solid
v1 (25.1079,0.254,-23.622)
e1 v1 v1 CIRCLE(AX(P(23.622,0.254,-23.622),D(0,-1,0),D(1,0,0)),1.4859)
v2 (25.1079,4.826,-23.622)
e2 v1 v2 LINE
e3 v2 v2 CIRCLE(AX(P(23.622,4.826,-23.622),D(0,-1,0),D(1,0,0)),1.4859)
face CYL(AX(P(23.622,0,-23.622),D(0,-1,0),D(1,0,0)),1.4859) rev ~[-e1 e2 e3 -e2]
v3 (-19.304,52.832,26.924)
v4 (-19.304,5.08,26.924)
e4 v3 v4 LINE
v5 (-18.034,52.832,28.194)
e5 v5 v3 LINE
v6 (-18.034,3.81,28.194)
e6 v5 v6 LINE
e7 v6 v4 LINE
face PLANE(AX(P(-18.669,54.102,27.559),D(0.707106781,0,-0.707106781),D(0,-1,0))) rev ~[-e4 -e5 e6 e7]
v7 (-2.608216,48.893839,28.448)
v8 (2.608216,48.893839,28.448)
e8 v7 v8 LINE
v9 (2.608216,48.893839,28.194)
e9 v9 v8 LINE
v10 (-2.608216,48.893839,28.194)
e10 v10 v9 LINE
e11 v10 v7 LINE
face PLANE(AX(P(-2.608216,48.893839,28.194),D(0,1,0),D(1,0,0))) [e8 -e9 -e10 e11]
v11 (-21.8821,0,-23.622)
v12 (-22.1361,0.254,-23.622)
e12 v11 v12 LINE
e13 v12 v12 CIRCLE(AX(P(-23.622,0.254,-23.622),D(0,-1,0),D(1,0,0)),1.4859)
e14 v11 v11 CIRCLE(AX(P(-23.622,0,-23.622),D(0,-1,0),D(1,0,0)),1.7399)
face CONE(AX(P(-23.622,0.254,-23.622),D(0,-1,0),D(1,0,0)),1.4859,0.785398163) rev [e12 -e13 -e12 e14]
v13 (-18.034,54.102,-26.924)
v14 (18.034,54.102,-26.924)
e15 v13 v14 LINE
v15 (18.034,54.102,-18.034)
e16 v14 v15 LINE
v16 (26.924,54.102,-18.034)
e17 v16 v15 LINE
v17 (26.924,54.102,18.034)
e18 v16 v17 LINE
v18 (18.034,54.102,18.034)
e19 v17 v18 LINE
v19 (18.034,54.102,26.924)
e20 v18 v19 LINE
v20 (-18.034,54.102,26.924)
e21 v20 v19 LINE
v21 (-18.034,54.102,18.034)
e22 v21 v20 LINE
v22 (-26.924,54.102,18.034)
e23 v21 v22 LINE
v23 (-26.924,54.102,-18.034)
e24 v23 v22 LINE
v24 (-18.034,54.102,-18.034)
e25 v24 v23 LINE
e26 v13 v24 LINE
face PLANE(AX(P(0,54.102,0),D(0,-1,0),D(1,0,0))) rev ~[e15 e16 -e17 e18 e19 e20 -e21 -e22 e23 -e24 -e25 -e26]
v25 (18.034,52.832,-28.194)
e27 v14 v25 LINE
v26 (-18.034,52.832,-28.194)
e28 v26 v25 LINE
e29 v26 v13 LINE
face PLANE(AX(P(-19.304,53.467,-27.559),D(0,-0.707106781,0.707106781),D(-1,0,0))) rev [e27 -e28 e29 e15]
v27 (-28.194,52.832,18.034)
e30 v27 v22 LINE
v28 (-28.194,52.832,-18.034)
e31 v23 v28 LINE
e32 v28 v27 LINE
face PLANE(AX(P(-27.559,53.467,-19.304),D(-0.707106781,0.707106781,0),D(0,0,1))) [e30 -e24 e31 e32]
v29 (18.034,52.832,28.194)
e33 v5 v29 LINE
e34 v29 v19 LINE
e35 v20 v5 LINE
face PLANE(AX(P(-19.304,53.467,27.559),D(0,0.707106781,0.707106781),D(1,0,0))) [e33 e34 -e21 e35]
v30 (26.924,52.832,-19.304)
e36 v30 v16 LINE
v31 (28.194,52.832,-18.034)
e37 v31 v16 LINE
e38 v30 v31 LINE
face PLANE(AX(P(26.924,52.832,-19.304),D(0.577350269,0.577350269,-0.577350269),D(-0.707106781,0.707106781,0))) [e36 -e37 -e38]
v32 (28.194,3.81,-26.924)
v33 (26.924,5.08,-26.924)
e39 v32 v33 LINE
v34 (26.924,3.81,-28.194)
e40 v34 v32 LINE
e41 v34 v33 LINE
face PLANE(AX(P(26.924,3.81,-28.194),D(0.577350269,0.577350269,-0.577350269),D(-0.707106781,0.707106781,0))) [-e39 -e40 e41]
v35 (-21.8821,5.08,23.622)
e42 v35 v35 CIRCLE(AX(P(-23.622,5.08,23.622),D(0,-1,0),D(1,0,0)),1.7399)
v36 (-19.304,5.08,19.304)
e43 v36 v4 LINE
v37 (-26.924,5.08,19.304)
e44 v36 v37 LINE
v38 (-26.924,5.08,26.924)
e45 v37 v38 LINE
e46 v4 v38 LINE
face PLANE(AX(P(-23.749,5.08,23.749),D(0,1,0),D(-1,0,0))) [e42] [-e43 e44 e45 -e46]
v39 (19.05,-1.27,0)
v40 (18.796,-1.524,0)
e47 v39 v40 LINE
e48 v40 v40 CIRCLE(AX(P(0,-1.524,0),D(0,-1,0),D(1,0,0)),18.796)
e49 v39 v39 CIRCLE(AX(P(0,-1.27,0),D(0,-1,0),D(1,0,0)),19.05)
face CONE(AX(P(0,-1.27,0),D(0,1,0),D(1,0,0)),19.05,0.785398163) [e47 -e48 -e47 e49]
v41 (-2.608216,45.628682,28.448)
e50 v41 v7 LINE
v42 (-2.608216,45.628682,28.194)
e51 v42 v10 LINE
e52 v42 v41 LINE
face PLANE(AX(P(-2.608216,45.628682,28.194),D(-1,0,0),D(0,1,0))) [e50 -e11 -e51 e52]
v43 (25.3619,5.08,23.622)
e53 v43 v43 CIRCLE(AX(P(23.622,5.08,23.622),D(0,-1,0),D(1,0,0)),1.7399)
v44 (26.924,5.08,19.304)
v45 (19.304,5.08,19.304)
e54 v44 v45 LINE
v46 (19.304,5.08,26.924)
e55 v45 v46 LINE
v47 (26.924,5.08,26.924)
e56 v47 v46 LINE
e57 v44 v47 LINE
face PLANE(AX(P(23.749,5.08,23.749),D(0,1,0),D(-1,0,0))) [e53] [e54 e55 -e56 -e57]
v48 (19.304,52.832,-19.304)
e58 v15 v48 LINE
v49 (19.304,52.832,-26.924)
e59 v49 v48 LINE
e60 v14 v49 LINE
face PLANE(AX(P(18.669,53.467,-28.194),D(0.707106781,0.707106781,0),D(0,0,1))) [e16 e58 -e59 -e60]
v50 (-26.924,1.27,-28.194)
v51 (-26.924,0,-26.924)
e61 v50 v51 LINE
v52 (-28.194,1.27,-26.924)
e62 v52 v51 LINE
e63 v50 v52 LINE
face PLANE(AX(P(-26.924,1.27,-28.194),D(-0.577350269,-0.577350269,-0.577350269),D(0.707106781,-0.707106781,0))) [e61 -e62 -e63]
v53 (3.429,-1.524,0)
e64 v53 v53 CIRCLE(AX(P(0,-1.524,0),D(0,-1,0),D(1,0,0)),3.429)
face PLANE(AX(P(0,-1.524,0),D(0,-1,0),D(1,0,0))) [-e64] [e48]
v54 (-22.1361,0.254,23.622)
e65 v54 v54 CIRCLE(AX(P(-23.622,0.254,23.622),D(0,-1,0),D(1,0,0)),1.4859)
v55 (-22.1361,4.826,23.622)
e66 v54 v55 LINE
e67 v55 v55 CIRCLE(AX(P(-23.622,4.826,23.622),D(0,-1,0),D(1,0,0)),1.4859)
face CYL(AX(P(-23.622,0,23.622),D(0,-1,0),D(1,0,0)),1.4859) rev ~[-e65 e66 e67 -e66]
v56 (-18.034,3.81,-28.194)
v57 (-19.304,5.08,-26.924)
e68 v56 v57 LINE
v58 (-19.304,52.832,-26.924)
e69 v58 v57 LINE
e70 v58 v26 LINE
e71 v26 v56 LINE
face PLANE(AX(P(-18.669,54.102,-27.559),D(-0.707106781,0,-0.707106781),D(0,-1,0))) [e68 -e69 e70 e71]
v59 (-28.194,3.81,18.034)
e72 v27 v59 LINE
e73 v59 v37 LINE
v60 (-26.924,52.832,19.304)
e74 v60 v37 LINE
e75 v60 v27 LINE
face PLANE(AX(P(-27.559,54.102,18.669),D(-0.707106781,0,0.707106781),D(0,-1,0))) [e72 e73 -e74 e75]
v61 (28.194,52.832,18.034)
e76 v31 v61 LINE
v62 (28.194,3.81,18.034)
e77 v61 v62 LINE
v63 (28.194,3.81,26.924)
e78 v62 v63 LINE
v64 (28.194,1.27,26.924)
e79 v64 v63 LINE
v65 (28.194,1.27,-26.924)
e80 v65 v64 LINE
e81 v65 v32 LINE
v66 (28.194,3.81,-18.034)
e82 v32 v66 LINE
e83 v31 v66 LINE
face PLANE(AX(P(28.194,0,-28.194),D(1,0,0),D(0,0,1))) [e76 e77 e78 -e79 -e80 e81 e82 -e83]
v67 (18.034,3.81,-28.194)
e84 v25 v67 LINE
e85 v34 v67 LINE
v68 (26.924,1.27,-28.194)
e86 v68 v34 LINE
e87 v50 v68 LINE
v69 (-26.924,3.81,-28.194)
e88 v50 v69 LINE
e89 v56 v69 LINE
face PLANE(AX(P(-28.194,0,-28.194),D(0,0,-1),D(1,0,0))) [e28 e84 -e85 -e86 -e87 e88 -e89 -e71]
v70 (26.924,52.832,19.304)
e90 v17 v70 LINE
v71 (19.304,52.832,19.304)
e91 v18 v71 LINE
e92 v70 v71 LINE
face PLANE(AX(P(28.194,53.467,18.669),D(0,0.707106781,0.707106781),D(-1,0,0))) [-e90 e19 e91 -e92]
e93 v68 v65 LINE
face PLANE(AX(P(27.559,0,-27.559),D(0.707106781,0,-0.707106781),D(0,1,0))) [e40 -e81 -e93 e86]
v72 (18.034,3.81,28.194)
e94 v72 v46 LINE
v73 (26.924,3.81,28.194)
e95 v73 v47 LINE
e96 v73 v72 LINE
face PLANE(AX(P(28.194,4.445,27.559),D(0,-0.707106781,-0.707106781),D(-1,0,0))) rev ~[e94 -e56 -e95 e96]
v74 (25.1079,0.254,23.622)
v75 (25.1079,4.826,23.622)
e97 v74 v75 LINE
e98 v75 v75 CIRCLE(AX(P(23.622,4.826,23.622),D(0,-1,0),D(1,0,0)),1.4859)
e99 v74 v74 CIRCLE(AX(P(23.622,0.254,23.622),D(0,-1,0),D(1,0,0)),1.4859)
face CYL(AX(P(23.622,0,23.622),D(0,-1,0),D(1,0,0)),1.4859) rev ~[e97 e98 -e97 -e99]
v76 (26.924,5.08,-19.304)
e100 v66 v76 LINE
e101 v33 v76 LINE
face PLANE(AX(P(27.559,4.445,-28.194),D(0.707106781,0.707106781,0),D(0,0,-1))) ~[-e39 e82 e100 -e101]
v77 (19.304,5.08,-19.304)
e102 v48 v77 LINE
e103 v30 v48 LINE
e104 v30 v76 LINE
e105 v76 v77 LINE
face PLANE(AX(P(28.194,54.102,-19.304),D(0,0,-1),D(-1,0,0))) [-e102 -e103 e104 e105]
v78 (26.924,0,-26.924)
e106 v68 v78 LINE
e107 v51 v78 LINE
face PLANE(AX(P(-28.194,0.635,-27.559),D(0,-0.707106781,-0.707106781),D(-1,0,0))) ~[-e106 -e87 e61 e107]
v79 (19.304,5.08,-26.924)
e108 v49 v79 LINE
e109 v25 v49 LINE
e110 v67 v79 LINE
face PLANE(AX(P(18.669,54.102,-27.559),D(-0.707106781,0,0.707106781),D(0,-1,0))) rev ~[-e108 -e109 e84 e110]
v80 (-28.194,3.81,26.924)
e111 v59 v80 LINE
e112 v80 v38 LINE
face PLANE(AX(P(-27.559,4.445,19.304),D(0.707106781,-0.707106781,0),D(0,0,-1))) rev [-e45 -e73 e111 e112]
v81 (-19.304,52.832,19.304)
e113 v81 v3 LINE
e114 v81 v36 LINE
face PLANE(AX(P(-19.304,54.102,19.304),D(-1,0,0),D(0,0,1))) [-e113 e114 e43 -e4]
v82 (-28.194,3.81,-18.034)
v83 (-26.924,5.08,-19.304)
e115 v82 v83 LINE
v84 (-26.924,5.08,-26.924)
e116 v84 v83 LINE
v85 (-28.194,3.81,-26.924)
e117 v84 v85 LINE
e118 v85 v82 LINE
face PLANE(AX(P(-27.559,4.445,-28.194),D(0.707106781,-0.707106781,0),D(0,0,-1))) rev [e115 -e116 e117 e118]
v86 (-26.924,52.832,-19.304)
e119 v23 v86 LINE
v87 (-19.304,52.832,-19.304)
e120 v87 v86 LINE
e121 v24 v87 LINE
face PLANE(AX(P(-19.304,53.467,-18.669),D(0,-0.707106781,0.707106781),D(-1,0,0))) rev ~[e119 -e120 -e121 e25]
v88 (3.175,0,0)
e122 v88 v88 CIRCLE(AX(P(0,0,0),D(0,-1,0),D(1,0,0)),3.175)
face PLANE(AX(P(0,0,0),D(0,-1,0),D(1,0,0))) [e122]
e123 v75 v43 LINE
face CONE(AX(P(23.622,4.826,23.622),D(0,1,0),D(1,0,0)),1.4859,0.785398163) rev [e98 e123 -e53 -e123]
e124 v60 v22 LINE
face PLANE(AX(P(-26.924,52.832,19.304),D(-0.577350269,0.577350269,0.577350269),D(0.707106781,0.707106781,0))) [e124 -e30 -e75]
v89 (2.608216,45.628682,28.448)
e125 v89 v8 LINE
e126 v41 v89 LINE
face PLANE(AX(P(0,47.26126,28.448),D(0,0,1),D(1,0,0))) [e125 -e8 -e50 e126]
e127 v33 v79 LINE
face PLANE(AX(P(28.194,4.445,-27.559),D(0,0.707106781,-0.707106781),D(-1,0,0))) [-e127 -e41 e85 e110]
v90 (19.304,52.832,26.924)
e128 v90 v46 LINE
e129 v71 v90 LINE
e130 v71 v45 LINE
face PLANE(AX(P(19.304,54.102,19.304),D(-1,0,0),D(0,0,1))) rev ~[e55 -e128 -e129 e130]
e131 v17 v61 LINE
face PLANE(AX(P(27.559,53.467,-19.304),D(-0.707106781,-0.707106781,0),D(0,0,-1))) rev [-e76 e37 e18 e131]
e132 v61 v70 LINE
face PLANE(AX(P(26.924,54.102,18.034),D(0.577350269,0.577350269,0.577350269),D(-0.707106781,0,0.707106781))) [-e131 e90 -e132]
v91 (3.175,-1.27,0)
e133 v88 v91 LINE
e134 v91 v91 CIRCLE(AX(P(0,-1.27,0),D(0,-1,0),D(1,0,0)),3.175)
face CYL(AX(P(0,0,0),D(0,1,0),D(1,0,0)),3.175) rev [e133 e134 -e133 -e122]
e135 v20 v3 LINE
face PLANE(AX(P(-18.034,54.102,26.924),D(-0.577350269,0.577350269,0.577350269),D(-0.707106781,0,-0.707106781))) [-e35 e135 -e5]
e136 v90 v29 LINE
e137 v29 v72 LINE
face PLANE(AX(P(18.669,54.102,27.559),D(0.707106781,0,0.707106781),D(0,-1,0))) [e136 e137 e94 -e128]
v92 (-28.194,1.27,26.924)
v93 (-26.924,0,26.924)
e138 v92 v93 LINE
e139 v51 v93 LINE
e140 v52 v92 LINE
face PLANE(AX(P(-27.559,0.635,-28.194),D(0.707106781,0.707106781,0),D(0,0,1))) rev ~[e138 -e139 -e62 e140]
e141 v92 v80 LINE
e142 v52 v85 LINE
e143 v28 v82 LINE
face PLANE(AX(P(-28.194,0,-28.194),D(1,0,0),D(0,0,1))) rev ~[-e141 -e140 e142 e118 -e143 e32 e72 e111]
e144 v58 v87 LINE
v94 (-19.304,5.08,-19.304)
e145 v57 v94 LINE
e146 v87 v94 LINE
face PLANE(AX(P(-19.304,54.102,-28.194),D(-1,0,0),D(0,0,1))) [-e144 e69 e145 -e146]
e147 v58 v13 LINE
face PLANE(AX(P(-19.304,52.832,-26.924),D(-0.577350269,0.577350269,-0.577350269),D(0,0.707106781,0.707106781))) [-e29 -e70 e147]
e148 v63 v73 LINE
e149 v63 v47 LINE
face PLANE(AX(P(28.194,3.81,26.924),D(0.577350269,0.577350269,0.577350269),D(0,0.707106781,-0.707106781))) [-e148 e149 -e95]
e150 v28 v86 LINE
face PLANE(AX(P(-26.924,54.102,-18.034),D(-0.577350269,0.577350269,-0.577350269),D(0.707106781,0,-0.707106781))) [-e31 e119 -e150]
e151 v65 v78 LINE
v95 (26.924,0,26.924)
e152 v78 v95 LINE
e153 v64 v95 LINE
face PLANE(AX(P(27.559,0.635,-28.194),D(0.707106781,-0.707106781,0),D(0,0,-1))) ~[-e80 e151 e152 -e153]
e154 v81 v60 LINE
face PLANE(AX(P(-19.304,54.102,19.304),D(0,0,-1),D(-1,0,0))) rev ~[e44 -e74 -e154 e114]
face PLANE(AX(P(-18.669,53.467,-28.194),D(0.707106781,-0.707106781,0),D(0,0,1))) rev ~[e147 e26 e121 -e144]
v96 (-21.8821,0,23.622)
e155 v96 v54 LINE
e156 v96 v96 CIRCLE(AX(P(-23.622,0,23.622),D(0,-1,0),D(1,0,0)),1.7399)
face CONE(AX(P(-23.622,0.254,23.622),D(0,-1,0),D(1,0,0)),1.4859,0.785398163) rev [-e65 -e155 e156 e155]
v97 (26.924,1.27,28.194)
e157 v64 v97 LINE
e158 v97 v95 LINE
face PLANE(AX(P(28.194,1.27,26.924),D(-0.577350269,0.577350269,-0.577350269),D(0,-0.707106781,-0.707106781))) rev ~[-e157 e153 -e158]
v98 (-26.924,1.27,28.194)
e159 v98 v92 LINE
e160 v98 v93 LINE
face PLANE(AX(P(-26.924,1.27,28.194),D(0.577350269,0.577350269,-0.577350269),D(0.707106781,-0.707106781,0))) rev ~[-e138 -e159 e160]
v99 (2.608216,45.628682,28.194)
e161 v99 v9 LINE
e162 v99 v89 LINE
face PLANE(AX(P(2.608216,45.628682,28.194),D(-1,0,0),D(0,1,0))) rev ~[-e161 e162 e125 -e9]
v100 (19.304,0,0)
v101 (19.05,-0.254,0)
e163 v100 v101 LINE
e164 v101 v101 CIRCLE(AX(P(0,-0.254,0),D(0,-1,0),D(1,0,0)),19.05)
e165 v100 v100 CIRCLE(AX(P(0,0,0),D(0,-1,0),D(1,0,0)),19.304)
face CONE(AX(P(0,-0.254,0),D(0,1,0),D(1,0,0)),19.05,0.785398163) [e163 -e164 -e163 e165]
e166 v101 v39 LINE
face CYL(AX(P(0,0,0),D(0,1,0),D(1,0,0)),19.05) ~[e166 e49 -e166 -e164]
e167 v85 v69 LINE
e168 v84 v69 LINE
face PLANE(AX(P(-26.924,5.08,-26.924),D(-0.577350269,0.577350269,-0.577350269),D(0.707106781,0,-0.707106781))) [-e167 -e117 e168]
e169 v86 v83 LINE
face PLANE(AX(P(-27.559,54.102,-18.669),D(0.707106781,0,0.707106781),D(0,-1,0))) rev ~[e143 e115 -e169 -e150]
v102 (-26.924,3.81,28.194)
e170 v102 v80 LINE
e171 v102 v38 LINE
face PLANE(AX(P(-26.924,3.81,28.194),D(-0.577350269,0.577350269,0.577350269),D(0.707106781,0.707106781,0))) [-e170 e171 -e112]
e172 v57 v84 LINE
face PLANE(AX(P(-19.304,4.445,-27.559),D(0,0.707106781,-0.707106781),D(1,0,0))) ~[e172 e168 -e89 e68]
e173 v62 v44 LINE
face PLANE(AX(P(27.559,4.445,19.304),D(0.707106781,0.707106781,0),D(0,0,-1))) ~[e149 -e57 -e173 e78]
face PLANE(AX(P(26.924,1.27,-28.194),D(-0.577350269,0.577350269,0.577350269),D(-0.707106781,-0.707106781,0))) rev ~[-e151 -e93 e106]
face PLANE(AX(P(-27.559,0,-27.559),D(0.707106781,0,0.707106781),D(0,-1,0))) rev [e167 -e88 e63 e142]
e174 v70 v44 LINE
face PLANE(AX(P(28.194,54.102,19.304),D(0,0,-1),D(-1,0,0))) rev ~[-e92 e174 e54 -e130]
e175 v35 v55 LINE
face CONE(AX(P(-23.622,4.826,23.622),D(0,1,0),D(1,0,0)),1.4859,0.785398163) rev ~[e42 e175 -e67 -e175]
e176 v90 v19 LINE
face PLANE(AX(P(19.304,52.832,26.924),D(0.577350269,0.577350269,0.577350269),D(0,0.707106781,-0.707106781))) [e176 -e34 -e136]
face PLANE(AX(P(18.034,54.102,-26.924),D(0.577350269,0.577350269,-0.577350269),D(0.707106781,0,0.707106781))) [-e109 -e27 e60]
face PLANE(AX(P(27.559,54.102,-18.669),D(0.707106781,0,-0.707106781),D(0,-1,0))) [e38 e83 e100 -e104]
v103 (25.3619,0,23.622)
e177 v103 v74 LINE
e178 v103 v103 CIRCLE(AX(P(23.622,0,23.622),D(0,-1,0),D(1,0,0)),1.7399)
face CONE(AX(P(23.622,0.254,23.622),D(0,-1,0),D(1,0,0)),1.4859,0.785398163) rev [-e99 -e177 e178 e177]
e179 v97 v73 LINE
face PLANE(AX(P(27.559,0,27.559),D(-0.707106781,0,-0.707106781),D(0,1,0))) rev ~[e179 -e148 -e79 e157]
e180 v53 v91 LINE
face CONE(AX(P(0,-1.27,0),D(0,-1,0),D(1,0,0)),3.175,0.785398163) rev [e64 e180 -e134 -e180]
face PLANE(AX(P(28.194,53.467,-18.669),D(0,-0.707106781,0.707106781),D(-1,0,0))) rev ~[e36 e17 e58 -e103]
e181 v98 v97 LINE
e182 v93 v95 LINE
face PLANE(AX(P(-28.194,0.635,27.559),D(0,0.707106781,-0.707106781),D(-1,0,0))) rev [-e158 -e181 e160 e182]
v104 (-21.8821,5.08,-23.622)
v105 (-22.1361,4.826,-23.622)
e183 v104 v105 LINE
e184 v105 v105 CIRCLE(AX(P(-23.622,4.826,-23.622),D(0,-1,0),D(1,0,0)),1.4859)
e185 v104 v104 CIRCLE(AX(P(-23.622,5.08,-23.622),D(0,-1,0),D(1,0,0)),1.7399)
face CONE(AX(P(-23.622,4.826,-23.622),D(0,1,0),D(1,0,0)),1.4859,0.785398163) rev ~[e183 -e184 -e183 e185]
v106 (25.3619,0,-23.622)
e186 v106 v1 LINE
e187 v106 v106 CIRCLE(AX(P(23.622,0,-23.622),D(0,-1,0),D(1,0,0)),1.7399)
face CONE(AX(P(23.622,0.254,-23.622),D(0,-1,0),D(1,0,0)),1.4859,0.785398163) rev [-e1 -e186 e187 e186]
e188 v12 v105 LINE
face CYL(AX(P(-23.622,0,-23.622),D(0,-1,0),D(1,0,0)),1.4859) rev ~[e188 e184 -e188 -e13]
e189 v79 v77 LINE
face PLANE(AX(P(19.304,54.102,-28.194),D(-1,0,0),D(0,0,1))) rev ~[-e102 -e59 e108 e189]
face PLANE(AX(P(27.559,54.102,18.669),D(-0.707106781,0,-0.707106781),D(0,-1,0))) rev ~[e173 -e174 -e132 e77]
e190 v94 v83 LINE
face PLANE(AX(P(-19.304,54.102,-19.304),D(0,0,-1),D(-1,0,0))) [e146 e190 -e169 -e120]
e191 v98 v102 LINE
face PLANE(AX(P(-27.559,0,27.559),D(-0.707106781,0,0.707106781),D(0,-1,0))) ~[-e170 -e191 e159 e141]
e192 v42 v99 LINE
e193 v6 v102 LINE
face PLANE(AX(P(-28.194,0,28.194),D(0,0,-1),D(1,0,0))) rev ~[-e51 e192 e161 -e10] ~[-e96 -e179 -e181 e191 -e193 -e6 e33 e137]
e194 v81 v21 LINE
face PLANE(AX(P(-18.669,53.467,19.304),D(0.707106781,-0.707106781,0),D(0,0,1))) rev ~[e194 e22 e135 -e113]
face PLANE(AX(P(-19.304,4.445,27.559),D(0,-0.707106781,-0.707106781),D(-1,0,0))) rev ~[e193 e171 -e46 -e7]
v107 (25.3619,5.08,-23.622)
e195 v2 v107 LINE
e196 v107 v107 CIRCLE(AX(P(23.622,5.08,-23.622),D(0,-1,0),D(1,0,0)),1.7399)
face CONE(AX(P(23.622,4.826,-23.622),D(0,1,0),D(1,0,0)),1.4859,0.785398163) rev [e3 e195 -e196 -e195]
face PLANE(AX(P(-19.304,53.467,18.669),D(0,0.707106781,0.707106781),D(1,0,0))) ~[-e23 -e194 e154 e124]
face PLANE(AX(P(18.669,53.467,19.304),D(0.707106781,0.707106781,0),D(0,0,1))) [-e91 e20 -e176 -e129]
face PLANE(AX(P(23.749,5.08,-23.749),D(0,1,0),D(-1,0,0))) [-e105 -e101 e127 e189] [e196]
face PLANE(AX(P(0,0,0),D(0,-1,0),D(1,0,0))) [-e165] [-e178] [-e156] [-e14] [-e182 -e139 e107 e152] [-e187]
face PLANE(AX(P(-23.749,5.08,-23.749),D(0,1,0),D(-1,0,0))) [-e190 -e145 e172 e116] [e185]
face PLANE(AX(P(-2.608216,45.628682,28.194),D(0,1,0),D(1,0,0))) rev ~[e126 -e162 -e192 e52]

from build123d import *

# Parameters (mm, degrees)
F0_W      = 56.388
F0_H      = 56.388
F0_R      = 1.4859
F0_R_2    = 19.05
F0_R_3    = 3.175
F1_DEPTH  = 54.102
F2_DEPTH  = 1.524
F3_DEPTH  = 20.32
F5_DEPTH  = 12.7
F6_W      = 8.89
F6_H      = 8.89
F7_DEPTH  = 49.022
F8_SIZE   = 1.27
F9_SIZE   = 0.254
F9_2_SIZE = 0.254
F10_W     = 5.2164322697
F10_H     = 3.265157342
F11_DEPTH = 0.254


with BuildPart() as f1:
    # F0 (on Front) → F1 (new body)
    with BuildSketch(Plane.XZ):
        Rectangle(F0_W, F0_H)
        with Locations((-23.622, -23.622)):
            Circle(F0_R, mode=Mode.SUBTRACT)
        with Locations((23.622, -23.622)):
            Circle(F0_R, mode=Mode.SUBTRACT)
        with Locations((-23.622, 23.622)):
            Circle(F0_R, mode=Mode.SUBTRACT)
        Circle(F0_R_2, mode=Mode.SUBTRACT)
        with Locations((23.622, 23.622)):
            Circle(F0_R, mode=Mode.SUBTRACT)
        Circle(F0_R_2)
        Circle(F0_R_3, mode=Mode.SUBTRACT)
        Circle(F0_R_3)
    extrude(amount=-F1_DEPTH)

    # F0 (on Front) → F2 (join)
    with BuildSketch(Plane.XZ):
        Circle(F0_R_2)
        Circle(F0_R_3, mode=Mode.SUBTRACT)
    extrude(amount=F2_DEPTH)

    # F6 (on face) → F7 (cut)
    with BuildSketch(Plane(origin=(0, 54.102, 0), x_dir=(-1, 0, 0), z_dir=(0, 1, 0))):
        with Locations((-23.749, 23.749)):
            Rectangle(F6_W, F6_H)
        with Locations((23.749, 23.749)):
            Rectangle(F6_W, F6_H)
        with Locations((23.749, -23.749)):
            Rectangle(F6_W, F6_H)
        with Locations((-23.749, -23.749)):
            Rectangle(F6_W, F6_H)
    extrude(amount=-F7_DEPTH, mode=Mode.SUBTRACT)

    # F8
    f8_edges = [f1.edges().sort_by_distance(p)[0] for p in [
        (-28.194, 0, 0),
        (-28.194, 2.54, -28.194),
        (-28.194, 5.08, -23.749),
        (-28.194, 29.591, -19.304),
        (-28.194, 54.102, 0),
        (-28.194, 29.591, 19.304),
        (-28.194, 5.08, 23.749),
        (-28.194, 2.54, 28.194),
        (0, 0, 28.194),
        (-23.749, 5.08, 28.194),
        (-19.304, 29.591, 28.194),
        (0, 54.102, 28.194),
        (19.304, 29.591, 28.194),
        (23.749, 5.08, 28.194),
        (28.194, 2.54, 28.194),
        (28.194, 0, 0),
        (28.194, 5.08, 23.749),
        (28.194, 29.591, 19.304),
        (28.194, 54.102, 0),
        (28.194, 29.591, -19.304),
        (28.194, 5.08, -23.749),
        (28.194, 2.54, -28.194),
        (0, 0, -28.194),
        (23.749, 5.08, -28.194),
        (19.304, 29.591, -28.194),
        (0, 54.102, -28.194),
        (-19.304, 29.591, -28.194),
        (-23.749, 5.08, -28.194),
        (23.749, 54.102, -19.304),
        (19.304, 54.102, -23.749),
        (-19.304, 54.102, -23.749),
        (-23.749, 54.102, -19.304),
        (-23.749, 54.102, 19.304),
        (-19.304, 54.102, 23.749),
        (19.304, 54.102, 23.749),
        (23.749, 54.102, 19.304),
    ]]
    chamfer(f8_edges, length=F8_SIZE)

    # F9
    f9_edges = [f1.edges().sort_by_distance(p)[0] for p in [
        (-25.1079, 5.08, 23.622),
        (-25.1079, 5.08, -23.622),
        (22.1361, 5.08, 23.622),
        (22.1361, 5.08, -23.622),
        (22.1361, 0, -23.622),
        (22.1361, 0, 23.622),
        (-25.1079, 0, 23.622),
        (-25.1079, 0, -23.622),
        (-19.05, 0, 0),
        (-19.05, -1.524, 0),
        (-3.175, -1.524, 0),
    ]]
    chamfer(f9_edges, length=F9_SIZE)

    # F10 (on face) → F11 (join)
    with BuildSketch(Plane.XY.offset(28.194)):
        with Locations((0, 47.2612604499)):
            Rectangle(F10_W, F10_H)
    extrude(amount=F11_DEPTH)


with BuildPart() as f3:
    # F0 (on Front) → F3 (new body)
    with BuildSketch(Plane.XZ):
        Circle(F0_R_3)
    extrude(amount=F3_DEPTH)

    # F4 (on face) → F5 (cut)
    with BuildSketch(Plane.XZ.offset(20.32)):
        with BuildLine():
            ThreePointArc((1.7989226109, 2.6162), (0, 3.175), (-1.7989226109, 2.6162))
            Line((-1.7989226109, 2.6162), (1.7989226109, 2.6162))
        make_face()
    extrude(amount=-F5_DEPTH, mode=Mode.SUBTRACT)

    # F9#2
    f9_2_edges = [f3.edges().sort_by_distance(p)[0] for p in [
        (-1.478013, -20.32, -2.81),
        (0, -20.32, 2.6162),
    ]]
    chamfer(f9_2_edges, length=F9_2_SIZE)


solid = f1.part
